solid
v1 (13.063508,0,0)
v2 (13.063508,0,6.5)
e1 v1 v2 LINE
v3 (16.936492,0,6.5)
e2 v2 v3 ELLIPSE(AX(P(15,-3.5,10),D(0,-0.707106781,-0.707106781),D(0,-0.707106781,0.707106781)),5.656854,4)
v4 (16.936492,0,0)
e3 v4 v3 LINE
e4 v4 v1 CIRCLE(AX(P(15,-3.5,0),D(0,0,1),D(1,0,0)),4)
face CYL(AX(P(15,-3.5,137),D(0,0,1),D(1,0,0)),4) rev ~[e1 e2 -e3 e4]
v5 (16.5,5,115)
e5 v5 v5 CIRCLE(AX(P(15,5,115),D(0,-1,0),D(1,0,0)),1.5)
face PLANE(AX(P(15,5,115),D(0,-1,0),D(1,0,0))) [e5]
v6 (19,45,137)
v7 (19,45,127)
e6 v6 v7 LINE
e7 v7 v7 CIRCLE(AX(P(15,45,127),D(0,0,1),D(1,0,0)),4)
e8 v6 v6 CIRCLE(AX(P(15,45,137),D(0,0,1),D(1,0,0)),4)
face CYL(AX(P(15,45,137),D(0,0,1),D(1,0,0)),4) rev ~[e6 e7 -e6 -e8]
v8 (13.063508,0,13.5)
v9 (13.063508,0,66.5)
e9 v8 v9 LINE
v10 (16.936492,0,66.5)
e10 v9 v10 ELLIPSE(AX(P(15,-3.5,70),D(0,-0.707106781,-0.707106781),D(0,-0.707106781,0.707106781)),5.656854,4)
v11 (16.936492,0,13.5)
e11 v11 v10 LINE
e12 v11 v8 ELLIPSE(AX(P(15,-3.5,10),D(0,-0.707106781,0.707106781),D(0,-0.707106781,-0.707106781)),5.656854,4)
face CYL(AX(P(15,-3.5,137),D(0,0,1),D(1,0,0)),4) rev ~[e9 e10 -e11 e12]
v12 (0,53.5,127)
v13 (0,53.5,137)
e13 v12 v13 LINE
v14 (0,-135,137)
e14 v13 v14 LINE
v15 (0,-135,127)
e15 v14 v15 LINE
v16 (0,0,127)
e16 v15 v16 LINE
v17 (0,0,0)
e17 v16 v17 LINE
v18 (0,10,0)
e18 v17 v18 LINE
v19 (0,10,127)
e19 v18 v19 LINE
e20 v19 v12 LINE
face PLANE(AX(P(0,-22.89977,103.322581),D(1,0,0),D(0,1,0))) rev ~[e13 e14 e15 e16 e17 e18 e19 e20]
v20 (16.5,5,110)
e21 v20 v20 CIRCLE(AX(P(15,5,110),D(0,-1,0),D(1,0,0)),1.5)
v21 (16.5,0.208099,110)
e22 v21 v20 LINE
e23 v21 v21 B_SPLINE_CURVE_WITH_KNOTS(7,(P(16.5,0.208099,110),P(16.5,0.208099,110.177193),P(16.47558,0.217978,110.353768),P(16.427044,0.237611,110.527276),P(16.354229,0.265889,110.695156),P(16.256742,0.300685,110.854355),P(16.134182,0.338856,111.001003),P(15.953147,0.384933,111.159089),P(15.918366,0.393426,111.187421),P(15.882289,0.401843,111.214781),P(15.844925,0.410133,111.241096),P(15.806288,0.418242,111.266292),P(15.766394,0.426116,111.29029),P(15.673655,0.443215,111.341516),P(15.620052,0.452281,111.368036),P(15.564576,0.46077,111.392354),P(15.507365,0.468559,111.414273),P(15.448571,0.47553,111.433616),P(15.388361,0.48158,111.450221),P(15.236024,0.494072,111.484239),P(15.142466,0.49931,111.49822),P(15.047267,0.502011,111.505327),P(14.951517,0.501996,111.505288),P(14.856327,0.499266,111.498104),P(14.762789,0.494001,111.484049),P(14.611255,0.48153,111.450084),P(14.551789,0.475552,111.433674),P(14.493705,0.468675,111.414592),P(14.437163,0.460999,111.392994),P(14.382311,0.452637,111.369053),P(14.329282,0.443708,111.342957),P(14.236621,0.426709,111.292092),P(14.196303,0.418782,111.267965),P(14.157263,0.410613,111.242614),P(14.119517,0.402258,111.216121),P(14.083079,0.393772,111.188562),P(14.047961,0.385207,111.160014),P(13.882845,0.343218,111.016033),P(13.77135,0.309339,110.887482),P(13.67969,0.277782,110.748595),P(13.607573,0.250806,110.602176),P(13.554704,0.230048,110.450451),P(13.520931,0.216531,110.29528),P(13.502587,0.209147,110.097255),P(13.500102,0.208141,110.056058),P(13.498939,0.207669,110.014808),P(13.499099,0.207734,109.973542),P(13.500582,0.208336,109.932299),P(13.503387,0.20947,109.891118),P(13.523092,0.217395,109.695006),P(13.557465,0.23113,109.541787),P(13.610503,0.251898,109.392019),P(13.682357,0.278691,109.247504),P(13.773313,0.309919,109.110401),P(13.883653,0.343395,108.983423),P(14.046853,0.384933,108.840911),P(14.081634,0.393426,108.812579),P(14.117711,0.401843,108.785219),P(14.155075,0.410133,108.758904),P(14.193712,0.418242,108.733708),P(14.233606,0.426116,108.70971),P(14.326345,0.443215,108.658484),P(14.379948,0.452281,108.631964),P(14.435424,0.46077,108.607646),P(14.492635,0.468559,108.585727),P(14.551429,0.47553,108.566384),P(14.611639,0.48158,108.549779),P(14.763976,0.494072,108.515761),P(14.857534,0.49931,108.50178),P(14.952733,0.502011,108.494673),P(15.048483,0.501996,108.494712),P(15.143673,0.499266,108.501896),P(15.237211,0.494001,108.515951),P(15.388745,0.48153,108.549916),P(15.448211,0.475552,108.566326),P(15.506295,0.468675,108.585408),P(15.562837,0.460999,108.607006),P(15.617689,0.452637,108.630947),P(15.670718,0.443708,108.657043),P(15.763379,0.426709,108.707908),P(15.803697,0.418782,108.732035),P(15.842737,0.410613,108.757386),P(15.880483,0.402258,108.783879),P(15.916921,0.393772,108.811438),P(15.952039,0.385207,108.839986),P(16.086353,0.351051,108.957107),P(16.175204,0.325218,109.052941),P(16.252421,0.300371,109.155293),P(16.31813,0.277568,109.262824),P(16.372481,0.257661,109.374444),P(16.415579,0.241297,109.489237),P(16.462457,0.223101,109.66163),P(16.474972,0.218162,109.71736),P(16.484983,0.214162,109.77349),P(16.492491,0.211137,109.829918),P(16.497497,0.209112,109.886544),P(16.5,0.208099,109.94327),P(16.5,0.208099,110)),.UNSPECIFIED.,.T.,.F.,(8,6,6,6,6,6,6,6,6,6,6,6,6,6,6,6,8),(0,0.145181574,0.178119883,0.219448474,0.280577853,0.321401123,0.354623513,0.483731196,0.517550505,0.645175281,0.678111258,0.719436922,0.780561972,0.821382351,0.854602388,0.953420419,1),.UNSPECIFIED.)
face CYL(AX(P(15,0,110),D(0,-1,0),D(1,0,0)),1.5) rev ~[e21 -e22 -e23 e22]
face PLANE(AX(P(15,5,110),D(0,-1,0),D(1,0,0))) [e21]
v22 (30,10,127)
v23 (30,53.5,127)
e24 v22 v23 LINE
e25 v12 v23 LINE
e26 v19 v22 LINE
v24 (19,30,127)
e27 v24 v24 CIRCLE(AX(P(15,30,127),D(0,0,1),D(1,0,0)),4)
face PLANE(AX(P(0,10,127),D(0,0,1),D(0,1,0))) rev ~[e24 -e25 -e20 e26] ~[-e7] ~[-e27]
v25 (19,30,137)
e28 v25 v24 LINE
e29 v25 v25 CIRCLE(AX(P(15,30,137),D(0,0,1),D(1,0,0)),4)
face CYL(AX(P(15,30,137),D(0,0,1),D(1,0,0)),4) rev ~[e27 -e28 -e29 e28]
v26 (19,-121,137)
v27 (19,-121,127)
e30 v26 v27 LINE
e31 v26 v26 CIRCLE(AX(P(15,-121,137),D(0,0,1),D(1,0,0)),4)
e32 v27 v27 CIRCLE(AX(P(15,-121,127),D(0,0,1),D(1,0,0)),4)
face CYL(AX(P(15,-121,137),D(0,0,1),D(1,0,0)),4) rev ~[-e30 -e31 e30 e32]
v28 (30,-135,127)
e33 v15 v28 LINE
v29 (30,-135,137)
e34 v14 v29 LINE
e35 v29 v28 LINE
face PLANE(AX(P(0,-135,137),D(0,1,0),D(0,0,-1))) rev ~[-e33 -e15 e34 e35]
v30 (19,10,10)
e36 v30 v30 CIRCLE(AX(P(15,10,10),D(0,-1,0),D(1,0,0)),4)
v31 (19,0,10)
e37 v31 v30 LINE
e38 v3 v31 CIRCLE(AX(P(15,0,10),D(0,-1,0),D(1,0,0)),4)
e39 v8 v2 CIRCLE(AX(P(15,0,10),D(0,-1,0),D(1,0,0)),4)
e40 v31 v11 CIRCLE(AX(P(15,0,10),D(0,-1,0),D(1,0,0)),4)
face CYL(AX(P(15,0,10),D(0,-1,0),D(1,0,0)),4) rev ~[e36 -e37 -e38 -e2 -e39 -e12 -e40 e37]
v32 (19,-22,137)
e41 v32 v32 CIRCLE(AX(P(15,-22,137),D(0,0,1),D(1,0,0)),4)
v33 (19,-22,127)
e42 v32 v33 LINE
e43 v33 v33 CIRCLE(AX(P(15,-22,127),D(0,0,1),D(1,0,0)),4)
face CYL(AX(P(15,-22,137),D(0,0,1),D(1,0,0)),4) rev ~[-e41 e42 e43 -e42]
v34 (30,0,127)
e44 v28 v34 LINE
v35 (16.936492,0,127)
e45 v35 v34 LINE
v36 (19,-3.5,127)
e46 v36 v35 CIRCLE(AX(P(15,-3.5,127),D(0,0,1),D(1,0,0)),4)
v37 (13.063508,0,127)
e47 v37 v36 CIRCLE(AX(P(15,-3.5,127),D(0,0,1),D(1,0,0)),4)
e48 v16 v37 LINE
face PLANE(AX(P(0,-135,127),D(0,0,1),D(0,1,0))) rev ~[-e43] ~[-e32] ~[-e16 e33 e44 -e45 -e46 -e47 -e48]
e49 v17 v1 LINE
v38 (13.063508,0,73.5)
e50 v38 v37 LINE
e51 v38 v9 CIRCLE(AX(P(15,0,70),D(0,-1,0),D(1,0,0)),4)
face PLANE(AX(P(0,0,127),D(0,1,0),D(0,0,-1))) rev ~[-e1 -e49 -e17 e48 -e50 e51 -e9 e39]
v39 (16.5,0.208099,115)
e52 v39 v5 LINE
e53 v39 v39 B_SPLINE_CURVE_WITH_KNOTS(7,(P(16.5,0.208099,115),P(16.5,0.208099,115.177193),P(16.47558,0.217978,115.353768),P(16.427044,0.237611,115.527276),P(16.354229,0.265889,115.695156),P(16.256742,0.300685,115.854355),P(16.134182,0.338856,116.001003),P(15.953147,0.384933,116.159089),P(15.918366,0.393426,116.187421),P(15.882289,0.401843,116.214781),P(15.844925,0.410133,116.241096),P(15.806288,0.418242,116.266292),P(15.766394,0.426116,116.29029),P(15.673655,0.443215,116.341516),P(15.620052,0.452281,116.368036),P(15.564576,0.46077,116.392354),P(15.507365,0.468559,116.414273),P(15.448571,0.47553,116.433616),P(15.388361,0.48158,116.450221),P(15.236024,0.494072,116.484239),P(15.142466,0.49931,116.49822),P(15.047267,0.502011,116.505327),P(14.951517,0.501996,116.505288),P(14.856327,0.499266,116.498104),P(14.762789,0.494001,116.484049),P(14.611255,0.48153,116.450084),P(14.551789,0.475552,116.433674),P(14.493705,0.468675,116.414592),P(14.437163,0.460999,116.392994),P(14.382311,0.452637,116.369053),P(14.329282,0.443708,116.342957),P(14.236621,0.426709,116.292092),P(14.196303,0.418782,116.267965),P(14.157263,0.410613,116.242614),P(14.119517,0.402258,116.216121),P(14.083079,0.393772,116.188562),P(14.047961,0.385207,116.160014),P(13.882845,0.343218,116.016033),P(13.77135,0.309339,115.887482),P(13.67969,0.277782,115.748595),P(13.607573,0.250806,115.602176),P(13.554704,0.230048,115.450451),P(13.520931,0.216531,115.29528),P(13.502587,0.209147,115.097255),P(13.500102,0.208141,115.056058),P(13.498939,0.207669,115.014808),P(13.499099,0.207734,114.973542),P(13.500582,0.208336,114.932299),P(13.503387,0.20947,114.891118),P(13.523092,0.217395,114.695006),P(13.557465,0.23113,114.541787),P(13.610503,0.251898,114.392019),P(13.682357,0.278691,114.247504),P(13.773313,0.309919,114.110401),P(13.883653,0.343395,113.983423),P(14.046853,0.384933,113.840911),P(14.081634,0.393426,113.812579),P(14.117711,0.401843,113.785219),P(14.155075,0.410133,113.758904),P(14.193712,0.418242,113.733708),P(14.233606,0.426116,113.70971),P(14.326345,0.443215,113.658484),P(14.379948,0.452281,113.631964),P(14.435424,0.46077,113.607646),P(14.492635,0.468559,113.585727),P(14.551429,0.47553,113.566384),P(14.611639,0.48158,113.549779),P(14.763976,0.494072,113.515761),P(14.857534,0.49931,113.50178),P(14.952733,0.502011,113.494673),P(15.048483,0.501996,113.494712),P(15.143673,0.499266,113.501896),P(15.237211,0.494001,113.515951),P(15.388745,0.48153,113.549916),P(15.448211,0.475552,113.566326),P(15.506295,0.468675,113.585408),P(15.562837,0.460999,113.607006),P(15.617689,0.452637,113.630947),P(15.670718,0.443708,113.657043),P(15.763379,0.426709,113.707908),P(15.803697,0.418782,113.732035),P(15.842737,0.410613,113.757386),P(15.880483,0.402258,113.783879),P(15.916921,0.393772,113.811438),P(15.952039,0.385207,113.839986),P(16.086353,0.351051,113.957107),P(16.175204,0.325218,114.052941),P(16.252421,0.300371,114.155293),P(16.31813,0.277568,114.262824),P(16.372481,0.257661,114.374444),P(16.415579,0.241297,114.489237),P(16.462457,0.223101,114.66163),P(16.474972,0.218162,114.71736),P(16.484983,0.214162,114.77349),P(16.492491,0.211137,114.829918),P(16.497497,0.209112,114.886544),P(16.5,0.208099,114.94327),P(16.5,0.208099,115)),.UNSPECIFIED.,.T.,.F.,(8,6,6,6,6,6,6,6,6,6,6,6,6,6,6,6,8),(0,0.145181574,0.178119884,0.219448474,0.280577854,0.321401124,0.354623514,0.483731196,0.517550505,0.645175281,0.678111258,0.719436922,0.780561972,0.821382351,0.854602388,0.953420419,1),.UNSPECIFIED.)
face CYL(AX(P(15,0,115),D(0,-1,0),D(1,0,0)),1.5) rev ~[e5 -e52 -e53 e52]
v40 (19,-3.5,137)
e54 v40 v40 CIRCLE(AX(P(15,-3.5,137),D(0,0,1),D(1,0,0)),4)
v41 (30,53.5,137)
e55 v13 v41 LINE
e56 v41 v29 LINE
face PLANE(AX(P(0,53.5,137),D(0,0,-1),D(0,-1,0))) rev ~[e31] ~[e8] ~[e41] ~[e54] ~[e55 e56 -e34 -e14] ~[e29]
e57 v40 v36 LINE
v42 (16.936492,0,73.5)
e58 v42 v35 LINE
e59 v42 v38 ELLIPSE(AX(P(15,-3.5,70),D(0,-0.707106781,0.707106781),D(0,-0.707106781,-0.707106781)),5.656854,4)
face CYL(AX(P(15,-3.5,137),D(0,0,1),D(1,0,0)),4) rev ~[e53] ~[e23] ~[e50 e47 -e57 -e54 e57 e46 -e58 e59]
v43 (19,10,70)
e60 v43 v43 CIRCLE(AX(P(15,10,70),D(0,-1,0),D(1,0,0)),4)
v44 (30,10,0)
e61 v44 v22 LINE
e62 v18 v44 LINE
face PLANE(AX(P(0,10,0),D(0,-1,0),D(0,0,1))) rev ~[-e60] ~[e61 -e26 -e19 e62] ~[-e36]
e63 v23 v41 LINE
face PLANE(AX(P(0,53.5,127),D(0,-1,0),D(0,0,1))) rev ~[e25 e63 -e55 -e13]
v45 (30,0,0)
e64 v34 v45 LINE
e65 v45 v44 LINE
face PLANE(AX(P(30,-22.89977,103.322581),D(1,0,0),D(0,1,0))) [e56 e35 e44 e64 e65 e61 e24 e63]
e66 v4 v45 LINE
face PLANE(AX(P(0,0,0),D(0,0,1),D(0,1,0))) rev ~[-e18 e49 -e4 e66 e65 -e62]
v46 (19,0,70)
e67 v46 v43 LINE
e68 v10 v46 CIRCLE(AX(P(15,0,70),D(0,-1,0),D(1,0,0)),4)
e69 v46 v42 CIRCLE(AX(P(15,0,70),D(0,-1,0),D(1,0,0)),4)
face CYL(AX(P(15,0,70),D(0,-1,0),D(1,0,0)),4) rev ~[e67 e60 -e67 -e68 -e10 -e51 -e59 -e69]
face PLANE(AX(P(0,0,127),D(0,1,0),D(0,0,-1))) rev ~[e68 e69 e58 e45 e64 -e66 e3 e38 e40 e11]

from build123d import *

# Parameters (mm, degrees)
F1_DEPTH = 30
F2_R     = 4
F3_DEPTH = 53.501
F4_R     = 4
F5_DEPTH = 137.001
F6_R     = 1.5
F7_DEPTH = 5


with BuildPart() as f1:
    # F0 (on Right) → F1 (new body)
    with BuildSketch(Plane.YZ):
        Polygon((0, 127), (0, 0), (10, 0), (10, 127), (53.5, 127), (53.5, 137), (-135, 137), (-135, 127), align=None)
    extrude(amount=F1_DEPTH)

    # F2 (on face) → F3 (cut, through all)
    with BuildSketch(Plane.XZ):
        with Locations((15, 70)):
            Circle(F2_R)
        with Locations((15, 10)):
            Circle(F2_R)
    extrude(amount=-F3_DEPTH, mode=Mode.SUBTRACT)

    # F4 (on face) → F5 (cut, through all)
    with BuildSketch(Plane.XY.offset(137)):
        with Locations((15, 45)):
            Circle(F4_R)
        with Locations((15, 30)):
            Circle(F4_R)
        with Locations((15, -3.5)):
            Circle(F4_R)
        with Locations((15, -22)):
            Circle(F4_R)
        with Locations((15, -121)):
            Circle(F4_R)
    extrude(amount=-F5_DEPTH, mode=Mode.SUBTRACT)

    # F6 (on face) → F7 (cut)
    with BuildSketch(Plane.XZ):
        with Locations((15, 110)):
            Circle(F6_R)
        with Locations((15, 115)):
            Circle(F6_R)
    extrude(amount=-F7_DEPTH, mode=Mode.SUBTRACT)


solid = f1.part
